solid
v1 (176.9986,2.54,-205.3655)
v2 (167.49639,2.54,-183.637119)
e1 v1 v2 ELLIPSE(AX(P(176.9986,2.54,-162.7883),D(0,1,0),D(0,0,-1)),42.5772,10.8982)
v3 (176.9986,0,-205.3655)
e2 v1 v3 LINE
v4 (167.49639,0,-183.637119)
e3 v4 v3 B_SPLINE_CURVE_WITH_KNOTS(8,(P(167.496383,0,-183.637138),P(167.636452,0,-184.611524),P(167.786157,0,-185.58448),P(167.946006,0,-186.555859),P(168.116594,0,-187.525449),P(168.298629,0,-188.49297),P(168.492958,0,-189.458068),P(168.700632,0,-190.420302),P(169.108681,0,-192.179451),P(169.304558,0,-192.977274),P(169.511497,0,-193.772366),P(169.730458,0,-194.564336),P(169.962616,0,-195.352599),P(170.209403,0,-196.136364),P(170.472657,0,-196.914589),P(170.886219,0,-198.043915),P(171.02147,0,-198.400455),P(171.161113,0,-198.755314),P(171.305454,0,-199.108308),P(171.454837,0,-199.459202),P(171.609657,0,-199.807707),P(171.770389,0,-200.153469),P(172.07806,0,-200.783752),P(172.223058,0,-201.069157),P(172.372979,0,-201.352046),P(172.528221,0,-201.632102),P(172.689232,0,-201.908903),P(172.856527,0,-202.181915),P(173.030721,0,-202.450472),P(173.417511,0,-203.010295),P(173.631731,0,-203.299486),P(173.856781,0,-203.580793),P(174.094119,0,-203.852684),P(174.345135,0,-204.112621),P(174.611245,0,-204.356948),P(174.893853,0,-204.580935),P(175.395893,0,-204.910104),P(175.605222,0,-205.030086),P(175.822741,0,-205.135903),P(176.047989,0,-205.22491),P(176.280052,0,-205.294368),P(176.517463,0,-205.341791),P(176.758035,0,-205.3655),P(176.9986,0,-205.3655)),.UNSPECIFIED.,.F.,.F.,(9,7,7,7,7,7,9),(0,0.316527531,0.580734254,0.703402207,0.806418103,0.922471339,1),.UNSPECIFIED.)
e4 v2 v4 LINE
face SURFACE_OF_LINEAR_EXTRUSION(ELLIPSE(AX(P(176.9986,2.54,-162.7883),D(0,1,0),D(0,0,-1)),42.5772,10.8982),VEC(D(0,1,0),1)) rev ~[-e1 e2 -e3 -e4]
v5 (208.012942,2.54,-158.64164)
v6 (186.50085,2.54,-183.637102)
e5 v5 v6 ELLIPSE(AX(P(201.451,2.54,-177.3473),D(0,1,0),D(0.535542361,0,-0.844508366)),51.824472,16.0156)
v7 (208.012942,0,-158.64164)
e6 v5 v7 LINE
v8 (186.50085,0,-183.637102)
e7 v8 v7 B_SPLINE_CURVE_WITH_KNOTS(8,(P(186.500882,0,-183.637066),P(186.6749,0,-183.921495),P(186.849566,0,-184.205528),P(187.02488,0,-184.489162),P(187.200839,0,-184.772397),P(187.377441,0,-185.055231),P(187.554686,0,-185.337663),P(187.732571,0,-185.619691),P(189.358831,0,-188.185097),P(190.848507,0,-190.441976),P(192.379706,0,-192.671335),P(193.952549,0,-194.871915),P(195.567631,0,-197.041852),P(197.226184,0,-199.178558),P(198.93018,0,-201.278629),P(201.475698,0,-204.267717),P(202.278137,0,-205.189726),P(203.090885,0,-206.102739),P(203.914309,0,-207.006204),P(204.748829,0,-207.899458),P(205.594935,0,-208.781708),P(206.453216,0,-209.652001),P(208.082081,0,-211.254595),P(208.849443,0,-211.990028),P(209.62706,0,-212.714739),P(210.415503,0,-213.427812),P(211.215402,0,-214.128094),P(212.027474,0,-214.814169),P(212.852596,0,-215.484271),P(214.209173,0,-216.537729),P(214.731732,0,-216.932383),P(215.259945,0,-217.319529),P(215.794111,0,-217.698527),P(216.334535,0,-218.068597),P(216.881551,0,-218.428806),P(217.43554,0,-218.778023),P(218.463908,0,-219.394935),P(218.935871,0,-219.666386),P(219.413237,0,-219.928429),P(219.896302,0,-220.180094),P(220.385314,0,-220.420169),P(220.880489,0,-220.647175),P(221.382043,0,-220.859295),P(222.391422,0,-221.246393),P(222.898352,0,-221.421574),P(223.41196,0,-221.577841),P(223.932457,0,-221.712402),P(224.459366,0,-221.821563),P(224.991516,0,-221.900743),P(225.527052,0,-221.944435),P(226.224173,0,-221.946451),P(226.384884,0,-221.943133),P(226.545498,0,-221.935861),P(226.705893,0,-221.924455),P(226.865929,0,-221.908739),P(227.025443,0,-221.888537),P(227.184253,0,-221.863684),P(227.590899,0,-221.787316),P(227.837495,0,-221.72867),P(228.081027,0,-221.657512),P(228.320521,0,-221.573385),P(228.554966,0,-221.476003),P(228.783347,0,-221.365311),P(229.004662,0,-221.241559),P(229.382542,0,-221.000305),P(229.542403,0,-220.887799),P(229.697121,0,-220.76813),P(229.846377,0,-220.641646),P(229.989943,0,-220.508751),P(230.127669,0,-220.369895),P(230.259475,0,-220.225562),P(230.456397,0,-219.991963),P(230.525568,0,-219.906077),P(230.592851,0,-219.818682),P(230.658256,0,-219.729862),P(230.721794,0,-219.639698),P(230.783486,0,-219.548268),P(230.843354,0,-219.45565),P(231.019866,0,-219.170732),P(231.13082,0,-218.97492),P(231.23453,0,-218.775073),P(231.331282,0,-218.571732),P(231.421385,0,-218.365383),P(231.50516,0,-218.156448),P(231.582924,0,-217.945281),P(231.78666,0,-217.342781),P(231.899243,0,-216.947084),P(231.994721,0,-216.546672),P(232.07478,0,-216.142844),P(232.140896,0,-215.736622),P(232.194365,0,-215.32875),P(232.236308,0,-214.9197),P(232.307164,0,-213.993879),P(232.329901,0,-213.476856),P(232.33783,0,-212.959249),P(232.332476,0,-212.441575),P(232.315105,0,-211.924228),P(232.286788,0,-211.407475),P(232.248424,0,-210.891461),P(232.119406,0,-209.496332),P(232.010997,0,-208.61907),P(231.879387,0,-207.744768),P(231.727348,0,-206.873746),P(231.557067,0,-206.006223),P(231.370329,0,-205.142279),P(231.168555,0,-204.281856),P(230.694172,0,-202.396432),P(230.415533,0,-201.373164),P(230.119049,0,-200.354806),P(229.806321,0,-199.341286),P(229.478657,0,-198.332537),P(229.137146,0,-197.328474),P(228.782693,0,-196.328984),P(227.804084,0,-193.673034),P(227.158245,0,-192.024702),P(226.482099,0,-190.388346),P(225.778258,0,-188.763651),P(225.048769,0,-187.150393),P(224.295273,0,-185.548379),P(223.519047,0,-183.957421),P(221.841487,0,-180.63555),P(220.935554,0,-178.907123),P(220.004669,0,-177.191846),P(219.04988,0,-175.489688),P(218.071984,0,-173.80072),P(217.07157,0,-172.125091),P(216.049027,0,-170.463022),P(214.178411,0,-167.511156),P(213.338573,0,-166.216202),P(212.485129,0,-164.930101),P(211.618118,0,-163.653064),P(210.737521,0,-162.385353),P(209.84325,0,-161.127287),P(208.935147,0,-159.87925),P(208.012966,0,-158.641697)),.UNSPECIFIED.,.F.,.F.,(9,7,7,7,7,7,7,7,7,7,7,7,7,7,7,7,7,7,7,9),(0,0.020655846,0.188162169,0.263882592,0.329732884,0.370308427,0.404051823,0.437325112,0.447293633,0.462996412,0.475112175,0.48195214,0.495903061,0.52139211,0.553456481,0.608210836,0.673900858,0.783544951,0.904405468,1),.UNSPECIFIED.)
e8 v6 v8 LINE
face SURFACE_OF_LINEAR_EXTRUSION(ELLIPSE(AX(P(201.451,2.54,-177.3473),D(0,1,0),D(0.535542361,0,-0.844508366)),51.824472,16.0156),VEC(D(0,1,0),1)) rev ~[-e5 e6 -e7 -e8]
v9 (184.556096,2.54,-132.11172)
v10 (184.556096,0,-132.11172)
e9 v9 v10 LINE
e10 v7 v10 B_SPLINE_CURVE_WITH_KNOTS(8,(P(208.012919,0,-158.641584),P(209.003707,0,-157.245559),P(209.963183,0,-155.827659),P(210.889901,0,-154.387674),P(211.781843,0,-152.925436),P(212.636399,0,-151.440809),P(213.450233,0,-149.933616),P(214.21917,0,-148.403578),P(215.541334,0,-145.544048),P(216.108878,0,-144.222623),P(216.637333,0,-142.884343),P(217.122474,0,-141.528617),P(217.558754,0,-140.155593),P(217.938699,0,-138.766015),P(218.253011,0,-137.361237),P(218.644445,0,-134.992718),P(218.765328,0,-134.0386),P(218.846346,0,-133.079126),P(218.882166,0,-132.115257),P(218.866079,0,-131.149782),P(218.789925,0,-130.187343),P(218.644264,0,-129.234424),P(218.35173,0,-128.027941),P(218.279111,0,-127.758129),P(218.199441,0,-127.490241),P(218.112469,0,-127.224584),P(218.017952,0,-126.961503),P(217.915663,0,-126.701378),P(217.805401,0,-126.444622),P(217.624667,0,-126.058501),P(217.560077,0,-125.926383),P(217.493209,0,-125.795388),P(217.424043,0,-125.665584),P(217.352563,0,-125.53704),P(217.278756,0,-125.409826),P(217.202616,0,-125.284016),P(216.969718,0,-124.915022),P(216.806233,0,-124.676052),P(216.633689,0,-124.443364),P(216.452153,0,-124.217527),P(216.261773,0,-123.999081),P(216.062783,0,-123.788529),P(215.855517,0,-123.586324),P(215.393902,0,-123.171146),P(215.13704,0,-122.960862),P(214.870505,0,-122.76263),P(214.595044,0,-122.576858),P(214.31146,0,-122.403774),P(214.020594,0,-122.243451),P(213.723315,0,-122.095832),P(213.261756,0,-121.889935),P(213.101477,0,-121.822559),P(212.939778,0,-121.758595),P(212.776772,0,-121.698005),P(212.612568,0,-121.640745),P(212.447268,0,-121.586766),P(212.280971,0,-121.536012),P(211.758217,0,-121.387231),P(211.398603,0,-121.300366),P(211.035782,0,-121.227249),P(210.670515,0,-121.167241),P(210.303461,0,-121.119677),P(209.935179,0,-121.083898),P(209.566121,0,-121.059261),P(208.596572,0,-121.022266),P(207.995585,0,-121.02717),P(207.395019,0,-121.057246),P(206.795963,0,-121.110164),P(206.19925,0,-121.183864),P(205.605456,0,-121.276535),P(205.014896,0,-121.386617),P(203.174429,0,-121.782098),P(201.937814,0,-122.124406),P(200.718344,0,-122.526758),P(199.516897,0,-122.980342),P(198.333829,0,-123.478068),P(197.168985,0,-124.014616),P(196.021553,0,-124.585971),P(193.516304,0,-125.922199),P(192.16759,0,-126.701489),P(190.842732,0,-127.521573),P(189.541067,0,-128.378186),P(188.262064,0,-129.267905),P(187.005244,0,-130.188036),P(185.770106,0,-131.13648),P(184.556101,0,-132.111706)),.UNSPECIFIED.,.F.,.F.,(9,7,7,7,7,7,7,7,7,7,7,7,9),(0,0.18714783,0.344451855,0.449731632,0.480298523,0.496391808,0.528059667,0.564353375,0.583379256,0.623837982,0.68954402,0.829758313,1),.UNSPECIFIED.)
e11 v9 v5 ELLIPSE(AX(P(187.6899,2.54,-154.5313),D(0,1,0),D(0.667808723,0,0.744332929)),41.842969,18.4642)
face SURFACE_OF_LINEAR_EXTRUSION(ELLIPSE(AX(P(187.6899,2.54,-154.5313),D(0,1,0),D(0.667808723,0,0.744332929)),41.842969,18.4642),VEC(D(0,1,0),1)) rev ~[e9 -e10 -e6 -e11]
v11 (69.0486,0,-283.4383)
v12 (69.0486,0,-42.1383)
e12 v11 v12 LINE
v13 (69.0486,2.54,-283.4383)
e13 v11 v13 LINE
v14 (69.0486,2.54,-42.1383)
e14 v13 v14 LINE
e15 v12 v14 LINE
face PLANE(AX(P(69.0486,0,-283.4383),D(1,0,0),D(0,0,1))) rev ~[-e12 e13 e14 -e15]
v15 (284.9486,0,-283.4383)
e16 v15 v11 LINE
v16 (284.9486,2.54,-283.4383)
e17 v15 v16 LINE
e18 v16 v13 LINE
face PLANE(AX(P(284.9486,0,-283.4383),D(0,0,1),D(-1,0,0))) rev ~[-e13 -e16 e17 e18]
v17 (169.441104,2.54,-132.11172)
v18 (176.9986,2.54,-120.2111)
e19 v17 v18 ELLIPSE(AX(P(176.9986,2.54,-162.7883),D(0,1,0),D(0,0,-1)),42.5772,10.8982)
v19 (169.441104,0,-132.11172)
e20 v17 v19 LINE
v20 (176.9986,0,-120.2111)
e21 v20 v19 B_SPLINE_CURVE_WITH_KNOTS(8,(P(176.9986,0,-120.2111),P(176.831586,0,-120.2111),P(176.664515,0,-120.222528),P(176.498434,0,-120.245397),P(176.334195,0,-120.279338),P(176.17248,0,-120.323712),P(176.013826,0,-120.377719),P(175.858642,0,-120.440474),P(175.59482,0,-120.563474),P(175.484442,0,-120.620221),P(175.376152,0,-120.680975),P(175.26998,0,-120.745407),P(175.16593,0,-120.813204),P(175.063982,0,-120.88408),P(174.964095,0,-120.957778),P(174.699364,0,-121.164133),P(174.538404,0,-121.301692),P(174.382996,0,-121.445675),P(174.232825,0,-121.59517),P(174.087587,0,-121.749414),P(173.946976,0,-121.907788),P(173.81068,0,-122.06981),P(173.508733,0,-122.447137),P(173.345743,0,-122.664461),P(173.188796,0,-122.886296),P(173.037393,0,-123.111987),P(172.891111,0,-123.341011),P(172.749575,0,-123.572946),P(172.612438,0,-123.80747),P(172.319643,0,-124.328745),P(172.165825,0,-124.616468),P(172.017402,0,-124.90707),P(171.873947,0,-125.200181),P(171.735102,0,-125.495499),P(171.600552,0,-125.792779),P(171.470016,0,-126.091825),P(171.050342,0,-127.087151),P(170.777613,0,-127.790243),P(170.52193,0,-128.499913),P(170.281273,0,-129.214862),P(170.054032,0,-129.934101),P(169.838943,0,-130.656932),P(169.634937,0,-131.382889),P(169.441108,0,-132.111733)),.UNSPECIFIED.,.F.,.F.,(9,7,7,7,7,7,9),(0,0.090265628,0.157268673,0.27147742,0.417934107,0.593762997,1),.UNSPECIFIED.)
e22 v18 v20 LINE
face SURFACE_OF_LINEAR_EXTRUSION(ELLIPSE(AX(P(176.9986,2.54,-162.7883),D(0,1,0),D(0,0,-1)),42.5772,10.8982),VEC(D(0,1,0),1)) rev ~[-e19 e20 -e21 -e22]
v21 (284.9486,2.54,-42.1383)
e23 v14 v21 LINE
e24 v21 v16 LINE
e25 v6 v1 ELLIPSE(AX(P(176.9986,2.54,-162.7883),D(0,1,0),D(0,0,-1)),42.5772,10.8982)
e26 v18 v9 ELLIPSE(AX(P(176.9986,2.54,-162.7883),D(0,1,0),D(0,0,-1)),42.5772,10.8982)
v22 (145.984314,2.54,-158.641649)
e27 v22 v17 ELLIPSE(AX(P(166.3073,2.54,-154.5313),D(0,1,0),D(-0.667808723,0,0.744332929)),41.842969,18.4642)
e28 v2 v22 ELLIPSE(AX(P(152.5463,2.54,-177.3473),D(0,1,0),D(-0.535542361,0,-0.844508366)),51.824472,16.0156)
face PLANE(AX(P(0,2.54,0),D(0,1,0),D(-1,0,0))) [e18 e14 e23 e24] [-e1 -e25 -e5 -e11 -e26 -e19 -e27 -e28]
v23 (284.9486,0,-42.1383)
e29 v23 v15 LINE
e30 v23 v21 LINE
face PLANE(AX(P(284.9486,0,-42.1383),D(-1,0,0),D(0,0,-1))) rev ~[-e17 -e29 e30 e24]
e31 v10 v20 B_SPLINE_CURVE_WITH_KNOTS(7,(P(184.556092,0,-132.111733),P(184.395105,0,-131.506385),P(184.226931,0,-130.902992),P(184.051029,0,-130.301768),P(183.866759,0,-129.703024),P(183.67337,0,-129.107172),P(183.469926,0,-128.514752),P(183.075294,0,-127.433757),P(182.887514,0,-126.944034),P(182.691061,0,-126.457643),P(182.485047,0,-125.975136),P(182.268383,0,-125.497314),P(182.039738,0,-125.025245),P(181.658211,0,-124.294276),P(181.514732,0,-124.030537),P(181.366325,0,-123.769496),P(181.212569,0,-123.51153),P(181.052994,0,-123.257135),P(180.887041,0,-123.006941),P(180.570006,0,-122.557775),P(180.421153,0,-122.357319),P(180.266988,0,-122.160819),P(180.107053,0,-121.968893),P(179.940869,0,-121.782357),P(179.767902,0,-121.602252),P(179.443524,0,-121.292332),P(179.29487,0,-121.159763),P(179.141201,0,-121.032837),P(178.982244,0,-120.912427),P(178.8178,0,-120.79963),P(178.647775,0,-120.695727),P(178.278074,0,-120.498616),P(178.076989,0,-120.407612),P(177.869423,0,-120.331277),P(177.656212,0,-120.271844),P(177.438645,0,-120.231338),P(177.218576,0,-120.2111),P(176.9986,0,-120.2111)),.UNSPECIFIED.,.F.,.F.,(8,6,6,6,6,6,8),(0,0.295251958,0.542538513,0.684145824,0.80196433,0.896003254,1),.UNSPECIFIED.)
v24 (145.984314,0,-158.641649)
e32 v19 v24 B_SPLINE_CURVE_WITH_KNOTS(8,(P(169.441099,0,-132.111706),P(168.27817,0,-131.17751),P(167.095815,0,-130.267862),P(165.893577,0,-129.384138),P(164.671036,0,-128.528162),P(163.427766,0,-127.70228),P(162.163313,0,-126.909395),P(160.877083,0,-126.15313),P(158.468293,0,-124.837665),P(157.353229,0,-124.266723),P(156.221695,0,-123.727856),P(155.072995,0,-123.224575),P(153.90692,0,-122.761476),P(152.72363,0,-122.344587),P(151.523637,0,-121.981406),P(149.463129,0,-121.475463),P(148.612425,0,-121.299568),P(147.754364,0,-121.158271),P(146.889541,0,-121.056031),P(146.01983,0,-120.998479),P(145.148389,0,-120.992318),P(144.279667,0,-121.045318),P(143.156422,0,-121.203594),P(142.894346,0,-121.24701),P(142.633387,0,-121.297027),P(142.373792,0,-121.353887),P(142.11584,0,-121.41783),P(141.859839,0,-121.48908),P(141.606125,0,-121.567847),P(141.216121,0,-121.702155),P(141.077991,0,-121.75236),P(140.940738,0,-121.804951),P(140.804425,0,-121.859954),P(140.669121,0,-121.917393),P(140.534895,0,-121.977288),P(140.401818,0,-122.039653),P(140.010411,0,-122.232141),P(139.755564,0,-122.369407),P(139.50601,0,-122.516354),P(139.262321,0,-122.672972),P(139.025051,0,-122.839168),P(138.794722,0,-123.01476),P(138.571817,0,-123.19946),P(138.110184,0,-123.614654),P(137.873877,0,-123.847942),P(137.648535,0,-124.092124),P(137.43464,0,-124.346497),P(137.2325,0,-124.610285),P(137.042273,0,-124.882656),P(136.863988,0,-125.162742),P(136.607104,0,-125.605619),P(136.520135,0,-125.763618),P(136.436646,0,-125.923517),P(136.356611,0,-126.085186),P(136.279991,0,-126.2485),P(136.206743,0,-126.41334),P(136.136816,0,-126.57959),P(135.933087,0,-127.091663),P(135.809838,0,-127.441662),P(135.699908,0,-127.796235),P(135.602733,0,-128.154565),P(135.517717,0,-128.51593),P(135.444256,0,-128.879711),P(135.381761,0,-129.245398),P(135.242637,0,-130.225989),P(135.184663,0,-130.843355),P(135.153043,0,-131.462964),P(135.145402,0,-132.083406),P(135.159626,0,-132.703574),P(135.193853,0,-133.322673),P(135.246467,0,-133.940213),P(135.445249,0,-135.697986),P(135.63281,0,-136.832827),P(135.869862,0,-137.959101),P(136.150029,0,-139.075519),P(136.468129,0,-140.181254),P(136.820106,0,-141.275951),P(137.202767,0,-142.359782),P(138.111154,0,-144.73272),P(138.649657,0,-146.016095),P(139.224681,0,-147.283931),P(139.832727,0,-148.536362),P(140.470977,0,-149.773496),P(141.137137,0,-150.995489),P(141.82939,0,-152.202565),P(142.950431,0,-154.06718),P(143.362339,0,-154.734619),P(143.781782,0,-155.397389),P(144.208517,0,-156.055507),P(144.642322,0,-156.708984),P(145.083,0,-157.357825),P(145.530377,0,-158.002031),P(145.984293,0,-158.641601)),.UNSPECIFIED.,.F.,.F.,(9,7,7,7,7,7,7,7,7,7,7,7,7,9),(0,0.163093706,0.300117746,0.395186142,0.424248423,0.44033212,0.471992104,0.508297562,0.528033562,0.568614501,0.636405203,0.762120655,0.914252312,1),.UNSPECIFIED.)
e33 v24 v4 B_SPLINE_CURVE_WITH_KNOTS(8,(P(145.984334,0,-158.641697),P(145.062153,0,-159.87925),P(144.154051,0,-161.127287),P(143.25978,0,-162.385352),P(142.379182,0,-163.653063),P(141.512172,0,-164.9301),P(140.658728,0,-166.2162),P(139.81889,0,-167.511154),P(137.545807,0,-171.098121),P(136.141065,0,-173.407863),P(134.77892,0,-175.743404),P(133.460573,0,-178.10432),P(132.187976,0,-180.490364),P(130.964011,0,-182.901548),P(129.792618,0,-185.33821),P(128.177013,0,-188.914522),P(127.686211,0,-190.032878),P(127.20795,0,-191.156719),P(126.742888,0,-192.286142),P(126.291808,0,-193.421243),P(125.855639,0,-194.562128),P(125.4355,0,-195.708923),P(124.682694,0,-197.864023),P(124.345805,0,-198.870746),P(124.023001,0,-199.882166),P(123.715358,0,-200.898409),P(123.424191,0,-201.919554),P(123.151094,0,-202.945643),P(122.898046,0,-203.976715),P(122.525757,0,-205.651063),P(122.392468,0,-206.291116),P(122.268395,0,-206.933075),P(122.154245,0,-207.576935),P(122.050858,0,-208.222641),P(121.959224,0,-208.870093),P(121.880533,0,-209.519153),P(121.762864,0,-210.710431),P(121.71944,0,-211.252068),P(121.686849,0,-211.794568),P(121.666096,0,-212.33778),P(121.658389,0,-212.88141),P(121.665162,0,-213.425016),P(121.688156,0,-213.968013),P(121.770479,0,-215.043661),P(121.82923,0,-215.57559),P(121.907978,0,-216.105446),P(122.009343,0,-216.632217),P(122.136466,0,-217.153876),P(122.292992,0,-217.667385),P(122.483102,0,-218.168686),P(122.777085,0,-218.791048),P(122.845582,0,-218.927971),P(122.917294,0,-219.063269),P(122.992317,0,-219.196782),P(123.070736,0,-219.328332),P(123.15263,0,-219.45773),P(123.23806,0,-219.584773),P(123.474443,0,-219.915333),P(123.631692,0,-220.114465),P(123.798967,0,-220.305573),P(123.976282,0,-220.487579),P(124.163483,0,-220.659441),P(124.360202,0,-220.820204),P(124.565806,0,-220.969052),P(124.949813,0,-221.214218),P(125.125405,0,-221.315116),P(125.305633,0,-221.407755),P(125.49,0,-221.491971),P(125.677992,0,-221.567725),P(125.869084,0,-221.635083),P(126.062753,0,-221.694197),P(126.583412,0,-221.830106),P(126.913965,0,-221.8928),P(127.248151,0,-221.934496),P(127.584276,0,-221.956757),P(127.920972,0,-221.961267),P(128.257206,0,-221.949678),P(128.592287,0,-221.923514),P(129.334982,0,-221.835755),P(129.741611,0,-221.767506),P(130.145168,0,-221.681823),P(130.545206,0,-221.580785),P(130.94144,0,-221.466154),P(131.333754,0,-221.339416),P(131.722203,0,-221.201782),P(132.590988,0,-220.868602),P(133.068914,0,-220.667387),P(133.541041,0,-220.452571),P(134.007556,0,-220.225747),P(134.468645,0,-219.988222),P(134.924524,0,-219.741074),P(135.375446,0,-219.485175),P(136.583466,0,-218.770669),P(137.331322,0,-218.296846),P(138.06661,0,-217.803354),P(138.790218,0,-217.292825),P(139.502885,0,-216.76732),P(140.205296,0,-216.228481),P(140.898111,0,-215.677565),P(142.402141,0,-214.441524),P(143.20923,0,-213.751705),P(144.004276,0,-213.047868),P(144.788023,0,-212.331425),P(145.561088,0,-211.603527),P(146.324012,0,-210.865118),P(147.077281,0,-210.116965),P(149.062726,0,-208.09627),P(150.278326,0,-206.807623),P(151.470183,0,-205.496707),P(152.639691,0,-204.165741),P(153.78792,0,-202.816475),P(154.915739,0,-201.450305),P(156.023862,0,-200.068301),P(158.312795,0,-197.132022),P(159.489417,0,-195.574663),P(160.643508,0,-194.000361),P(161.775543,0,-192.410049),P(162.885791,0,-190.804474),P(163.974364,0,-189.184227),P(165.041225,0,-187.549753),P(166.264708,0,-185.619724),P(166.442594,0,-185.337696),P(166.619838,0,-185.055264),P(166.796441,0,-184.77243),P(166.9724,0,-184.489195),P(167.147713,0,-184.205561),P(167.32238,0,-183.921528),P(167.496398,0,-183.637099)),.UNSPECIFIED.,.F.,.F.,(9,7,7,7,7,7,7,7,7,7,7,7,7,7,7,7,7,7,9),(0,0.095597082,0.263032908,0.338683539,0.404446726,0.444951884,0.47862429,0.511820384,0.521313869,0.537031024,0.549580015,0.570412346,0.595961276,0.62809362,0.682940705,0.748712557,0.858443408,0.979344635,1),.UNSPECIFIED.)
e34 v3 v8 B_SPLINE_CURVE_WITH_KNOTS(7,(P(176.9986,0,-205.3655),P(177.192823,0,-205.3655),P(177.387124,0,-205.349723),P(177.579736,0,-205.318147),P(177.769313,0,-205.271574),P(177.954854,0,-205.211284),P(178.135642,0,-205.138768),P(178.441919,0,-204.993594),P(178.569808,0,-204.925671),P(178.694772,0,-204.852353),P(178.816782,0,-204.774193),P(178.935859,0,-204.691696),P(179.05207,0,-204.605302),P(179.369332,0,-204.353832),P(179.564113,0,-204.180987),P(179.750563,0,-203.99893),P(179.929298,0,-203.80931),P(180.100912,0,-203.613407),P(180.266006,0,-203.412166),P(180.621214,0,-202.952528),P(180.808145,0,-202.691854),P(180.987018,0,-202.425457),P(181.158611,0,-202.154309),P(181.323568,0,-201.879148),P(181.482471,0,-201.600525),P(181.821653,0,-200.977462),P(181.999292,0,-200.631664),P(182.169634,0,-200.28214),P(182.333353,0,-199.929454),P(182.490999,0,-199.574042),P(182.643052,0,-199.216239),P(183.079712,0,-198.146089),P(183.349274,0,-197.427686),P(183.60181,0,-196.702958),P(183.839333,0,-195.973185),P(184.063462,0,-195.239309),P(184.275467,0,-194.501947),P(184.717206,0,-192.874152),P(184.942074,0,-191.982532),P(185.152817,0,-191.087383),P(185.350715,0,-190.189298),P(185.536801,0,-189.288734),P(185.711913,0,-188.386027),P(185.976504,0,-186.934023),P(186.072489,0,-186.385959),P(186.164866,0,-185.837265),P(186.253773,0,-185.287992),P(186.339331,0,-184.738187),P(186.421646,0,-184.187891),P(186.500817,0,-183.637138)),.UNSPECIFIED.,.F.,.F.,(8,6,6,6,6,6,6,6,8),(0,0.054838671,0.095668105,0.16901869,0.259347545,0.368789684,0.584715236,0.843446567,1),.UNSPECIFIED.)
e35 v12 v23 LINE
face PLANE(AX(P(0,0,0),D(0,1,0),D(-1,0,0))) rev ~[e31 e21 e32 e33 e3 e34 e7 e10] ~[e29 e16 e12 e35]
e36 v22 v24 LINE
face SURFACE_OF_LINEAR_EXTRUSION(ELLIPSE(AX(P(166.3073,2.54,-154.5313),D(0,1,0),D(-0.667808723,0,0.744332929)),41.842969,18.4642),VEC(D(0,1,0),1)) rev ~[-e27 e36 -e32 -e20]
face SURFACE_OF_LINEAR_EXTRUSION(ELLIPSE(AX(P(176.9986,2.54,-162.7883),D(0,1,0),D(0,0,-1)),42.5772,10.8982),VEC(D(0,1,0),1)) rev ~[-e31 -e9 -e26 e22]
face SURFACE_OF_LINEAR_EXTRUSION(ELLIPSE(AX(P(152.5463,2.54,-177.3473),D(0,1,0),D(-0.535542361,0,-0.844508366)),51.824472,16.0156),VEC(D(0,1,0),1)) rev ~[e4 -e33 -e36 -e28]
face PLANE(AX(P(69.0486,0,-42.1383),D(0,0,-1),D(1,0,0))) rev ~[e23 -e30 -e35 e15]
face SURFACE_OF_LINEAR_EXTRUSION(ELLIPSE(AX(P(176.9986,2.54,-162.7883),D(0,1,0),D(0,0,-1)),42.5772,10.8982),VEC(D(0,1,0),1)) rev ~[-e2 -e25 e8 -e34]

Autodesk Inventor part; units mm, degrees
ref_plane "YZ Plane" through (0, 0, 0) normal (1, 0, 0) x (0, 1, 0)
ref_plane "XZ Plane" through (0, 0, 0) normal (0, 1, 0) x (-1, 0, 0)
ref_plane "XY Plane" through (0, 0, 0) normal (0, 0, 1) x (1, 0, 0)
sketch "Sketch1" plane through (0, 0, 0) normal (0, 1, 0) x (-1, 0, 0)
  line L0 (-69.0486, -42.1383) -> (-284.9486, -42.1383)
  line L1 (-284.9486, -42.1383) -> (-284.9486, -283.4383)
  line L2 (-284.9486, -283.4383) -> (-69.0486, -283.4383)
  line L3 (-69.0486, -283.4383) -> (-69.0486, -42.1383)
  point P0 (0, 0)
  dimension "d0" = 215.9
  dimension "d1" = 241.3
extrude "Extrusion1" add sketch "Sketch1" along normal blind 2.54
sketch "Sketch5" plane through (0, 2.54, 0) normal (0, 1, 0) x (1, 0, 0)
  ellipse E0 centre (201.451, 177.3473) end of major axis (229.2052, 221.1135) minor radius 16.0156 (208.013, 158.6416) -> (186.5008, 183.6371) ccw
  ellipse E1 centre (187.6899, 154.5313) end of major axis (215.633, 123.3862) minor radius 18.4642 (184.5561, 132.1117) -> (208.013, 158.6416) ccw
  ellipse E2 centre (176.9986, 162.7883) end of major axis (176.9986, 205.3655) minor radius 10.8982 (186.5008, 183.6371) -> (176.9986, 205.3655) ccw
  ellipse E3 centre (176.9986, 162.7883) end of major axis (176.9986, 205.3655) minor radius 10.8982 (176.9986, 120.211) -> (184.5561, 132.1117) ccw
  ellipse E4 centre (152.5463, 177.3473) end of major axis (124.7921, 221.1135) minor radius 16.0156 (167.4964, 183.6371) -> (145.9843, 158.6416) ccw
  ellipse E5 centre (166.3073, 154.5313) end of major axis (138.3642, 123.3862) minor radius 18.4642 (145.9843, 158.6416) -> (169.4411, 132.1117) ccw
  ellipse E6 centre (176.9986, 162.7883) end of major axis (176.9986, 205.3655) minor radius 10.8982 (176.9986, 205.3655) -> (167.4964, 183.6371) ccw
  ellipse E7 centre (176.9986, 162.7883) end of major axis (176.9986, 205.3655) minor radius 10.8982 (169.4411, 132.1117) -> (176.9986, 120.211) ccw
  point P0 (0, 0)
extrude "Extrusion5" cut sketch "Sketch5" against normal through all
properties part number "Butterfly Effect Logo Plate"
